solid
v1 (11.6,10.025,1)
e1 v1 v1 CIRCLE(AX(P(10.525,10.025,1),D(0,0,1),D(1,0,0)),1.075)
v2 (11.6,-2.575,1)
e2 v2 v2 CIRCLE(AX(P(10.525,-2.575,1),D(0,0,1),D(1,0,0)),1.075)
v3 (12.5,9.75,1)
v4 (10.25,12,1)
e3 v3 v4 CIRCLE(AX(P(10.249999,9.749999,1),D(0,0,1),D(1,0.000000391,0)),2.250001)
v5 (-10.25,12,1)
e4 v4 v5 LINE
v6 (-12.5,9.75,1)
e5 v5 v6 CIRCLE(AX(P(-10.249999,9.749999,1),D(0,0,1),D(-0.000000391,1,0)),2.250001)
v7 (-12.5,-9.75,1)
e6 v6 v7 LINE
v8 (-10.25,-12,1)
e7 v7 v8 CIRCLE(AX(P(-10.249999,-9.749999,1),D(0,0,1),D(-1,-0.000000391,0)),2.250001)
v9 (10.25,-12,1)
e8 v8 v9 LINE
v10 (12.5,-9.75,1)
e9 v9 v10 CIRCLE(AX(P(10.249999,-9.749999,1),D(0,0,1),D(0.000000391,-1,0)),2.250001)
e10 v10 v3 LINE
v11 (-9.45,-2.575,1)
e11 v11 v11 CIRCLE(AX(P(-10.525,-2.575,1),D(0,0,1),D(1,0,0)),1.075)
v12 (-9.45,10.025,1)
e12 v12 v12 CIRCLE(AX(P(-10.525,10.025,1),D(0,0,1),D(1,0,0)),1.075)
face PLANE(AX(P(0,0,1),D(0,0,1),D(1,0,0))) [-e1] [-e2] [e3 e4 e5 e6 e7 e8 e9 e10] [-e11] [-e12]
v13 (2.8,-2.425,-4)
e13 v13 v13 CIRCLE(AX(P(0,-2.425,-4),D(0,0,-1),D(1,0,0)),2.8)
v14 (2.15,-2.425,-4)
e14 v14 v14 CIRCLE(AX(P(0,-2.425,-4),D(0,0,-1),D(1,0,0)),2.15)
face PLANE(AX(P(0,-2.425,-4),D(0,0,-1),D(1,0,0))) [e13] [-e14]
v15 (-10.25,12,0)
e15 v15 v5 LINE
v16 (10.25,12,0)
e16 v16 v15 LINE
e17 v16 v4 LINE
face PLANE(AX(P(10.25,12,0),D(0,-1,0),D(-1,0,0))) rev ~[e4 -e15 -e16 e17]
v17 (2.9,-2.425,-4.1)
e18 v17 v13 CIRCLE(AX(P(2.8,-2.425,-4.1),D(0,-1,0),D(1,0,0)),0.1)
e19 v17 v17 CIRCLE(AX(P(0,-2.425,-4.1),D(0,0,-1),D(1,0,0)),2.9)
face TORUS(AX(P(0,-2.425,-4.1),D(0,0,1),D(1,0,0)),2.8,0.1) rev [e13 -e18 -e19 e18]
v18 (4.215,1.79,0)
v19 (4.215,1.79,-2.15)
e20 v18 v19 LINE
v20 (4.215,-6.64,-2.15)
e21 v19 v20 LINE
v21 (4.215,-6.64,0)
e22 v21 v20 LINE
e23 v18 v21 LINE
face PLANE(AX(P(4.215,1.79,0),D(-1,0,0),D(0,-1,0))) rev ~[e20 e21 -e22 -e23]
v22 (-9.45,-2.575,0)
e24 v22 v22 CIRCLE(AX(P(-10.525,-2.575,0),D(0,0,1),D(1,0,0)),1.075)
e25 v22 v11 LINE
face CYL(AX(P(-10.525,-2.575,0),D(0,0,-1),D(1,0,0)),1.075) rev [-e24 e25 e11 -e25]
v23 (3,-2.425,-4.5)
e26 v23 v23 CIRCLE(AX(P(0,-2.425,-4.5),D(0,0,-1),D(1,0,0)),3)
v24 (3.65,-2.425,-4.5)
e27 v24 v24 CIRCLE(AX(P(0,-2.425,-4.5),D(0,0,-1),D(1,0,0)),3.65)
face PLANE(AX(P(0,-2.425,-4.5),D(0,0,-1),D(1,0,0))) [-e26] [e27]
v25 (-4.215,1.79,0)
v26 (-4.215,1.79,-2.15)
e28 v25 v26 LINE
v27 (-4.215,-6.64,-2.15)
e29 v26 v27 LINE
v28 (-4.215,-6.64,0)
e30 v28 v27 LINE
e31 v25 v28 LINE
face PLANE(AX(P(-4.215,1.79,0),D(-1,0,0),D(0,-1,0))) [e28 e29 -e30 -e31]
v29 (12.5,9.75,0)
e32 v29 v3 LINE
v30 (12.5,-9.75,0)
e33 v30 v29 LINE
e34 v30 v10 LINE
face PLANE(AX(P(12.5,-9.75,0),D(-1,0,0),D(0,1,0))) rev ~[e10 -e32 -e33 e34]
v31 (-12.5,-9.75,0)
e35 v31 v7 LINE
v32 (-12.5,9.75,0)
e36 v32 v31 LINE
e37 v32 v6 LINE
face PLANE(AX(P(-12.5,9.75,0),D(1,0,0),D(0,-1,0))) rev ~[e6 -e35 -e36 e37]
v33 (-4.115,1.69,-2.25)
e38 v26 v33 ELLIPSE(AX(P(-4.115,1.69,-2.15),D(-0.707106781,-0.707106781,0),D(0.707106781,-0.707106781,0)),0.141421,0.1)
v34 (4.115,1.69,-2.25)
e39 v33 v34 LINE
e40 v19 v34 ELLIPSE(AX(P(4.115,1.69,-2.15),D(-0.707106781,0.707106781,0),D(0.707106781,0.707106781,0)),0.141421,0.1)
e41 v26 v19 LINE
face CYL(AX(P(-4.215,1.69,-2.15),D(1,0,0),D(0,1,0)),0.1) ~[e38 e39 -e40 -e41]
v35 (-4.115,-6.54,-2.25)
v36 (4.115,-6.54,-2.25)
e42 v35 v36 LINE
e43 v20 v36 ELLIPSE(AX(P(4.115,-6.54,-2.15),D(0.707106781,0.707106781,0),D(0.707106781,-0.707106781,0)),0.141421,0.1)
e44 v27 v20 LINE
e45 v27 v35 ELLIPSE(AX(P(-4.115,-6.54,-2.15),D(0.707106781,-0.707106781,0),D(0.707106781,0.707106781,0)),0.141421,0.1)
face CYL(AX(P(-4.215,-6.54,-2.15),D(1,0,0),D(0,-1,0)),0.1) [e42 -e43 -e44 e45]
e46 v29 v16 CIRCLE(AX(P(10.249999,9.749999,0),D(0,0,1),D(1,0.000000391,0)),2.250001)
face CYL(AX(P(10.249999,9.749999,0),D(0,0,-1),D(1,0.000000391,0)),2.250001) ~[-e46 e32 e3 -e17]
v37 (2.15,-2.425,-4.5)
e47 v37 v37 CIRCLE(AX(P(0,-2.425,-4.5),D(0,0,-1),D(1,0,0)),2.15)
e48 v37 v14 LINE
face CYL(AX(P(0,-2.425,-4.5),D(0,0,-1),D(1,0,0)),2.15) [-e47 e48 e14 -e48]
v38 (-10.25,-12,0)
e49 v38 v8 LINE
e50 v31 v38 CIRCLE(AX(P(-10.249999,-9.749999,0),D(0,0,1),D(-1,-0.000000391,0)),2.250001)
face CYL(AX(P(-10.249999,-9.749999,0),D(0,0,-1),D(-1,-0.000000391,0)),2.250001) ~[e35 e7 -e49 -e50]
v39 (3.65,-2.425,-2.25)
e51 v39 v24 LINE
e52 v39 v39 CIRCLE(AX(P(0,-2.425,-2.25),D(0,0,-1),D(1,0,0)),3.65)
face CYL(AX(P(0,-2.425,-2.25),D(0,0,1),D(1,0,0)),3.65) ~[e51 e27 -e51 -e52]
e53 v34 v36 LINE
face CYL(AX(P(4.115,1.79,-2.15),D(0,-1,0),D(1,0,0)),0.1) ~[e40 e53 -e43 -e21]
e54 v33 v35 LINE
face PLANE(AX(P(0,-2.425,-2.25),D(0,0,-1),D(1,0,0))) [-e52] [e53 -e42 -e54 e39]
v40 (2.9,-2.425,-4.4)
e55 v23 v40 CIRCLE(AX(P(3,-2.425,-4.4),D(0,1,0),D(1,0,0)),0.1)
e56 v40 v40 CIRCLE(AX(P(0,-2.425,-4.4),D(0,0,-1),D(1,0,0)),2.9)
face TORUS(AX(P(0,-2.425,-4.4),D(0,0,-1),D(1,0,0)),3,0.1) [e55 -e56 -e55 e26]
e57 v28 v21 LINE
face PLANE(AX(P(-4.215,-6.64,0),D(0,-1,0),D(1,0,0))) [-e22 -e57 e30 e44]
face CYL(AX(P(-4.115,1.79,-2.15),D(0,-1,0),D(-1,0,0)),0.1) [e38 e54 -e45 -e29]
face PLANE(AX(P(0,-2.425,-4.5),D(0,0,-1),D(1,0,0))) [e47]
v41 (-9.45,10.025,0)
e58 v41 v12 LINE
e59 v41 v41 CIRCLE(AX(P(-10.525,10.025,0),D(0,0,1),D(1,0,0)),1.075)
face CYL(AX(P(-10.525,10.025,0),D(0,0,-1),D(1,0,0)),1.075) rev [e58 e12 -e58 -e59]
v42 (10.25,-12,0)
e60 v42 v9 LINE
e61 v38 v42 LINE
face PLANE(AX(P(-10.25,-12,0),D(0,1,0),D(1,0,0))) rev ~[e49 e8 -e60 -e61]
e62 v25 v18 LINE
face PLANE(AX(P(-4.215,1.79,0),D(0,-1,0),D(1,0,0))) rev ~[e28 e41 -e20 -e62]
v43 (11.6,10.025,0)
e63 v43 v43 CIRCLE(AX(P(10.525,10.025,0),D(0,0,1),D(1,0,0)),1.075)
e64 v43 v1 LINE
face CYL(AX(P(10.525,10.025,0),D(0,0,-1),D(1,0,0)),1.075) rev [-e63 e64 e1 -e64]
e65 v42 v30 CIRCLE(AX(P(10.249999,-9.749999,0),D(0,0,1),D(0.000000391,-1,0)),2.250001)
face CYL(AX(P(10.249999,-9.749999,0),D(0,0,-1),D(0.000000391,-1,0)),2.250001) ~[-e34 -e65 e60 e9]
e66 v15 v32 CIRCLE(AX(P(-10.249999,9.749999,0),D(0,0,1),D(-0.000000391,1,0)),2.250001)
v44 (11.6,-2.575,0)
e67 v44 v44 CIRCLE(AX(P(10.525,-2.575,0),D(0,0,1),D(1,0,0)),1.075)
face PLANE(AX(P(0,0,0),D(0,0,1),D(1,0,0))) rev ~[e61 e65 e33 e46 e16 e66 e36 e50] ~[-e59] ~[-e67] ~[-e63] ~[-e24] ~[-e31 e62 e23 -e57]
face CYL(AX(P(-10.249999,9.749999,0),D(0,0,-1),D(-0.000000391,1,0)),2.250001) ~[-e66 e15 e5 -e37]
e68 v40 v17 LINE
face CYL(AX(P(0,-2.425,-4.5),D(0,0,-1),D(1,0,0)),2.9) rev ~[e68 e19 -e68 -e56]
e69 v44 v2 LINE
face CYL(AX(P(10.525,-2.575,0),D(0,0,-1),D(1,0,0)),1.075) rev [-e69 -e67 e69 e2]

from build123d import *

# Parameters (mm, degrees)
F0_R     = 1.075
F1_DEPTH = 1
F2_W     = 8.43
F2_H     = 8.43
F3_DEPTH = 2.25
F4_R     = 3.65
F5_DEPTH = 2.25
F7_R     = 2.9
F7_R_2   = 2.15
F8_DEPTH = 0.5
F9_R     = 0.1


with BuildPart() as f1:
    # F0 (on Top) → F1 (new body)
    with BuildSketch(Plane.XY):
        with BuildLine():
            ThreePointArc((12.5, 9.75), (11.84099, 11.34099), (10.25, 12))
            Line((10.25, 12), (-10.25, 12))
            ThreePointArc((-10.25, 12), (-11.84099, 11.34099), (-12.5, 9.75))
            Line((-12.5, 9.75), (-12.5, -9.75))
            ThreePointArc((-12.5, -9.75), (-11.84099, -11.34099), (-10.25, -12))
            Line((-10.25, -12), (10.25, -12))
            ThreePointArc((10.25, -12), (11.84099, -11.34099), (12.5, -9.75))
            Line((12.5, -9.75), (12.5, 9.75))
        make_face()
        with Locations((-10.525, -2.575)):
            Circle(F0_R, mode=Mode.SUBTRACT)
        with Locations((10.525, -2.575)):
            Circle(F0_R, mode=Mode.SUBTRACT)
        with Locations((-10.525, 10.025)):
            Circle(F0_R, mode=Mode.SUBTRACT)
        with Locations((10.525, 10.025)):
            Circle(F0_R, mode=Mode.SUBTRACT)
    extrude(amount=F1_DEPTH)

    # F2 (on face) → F3 (join)
    with BuildSketch(Plane(origin=(0, 0, 0), x_dir=(1, 0, 0), z_dir=(0, 0, -1))):
        with Locations((0, 2.425)):
            Rectangle(F2_W, F2_H)
    extrude(amount=F3_DEPTH)

    # F4 (on face) → F5 (join)
    with BuildSketch(Plane(origin=(0, 0, -2.25), x_dir=(1, 0, 0), z_dir=(0, 0, -1))):
        with Locations((0, 2.425)):
            Circle(F4_R)
    extrude(amount=F5_DEPTH)

    # F7 (on face) → F8 (cut)
    with BuildSketch(Plane(origin=(0, 0, -4.5), x_dir=(1, 0, 0), z_dir=(0, 0, -1))):
        with Locations((0, 2.425)):
            Circle(F7_R)
        with Locations((0, 2.425)):
            Circle(F7_R_2, mode=Mode.SUBTRACT)
    extrude(amount=-F8_DEPTH, mode=Mode.SUBTRACT)

    # F9
    f9_edges = [f1.edges().sort_by_distance(p)[0] for p in [
        (-2.9, -2.425, -4),
        (-2.9, -2.425, -4.5),
        (0, 1.79, -2.25),
        (4.215, -2.425, -2.25),
        (0, -6.64, -2.25),
        (-4.215, -2.425, -2.25),
    ]]
    fillet(f9_edges, radius=F9_R)


solid = f1.part
